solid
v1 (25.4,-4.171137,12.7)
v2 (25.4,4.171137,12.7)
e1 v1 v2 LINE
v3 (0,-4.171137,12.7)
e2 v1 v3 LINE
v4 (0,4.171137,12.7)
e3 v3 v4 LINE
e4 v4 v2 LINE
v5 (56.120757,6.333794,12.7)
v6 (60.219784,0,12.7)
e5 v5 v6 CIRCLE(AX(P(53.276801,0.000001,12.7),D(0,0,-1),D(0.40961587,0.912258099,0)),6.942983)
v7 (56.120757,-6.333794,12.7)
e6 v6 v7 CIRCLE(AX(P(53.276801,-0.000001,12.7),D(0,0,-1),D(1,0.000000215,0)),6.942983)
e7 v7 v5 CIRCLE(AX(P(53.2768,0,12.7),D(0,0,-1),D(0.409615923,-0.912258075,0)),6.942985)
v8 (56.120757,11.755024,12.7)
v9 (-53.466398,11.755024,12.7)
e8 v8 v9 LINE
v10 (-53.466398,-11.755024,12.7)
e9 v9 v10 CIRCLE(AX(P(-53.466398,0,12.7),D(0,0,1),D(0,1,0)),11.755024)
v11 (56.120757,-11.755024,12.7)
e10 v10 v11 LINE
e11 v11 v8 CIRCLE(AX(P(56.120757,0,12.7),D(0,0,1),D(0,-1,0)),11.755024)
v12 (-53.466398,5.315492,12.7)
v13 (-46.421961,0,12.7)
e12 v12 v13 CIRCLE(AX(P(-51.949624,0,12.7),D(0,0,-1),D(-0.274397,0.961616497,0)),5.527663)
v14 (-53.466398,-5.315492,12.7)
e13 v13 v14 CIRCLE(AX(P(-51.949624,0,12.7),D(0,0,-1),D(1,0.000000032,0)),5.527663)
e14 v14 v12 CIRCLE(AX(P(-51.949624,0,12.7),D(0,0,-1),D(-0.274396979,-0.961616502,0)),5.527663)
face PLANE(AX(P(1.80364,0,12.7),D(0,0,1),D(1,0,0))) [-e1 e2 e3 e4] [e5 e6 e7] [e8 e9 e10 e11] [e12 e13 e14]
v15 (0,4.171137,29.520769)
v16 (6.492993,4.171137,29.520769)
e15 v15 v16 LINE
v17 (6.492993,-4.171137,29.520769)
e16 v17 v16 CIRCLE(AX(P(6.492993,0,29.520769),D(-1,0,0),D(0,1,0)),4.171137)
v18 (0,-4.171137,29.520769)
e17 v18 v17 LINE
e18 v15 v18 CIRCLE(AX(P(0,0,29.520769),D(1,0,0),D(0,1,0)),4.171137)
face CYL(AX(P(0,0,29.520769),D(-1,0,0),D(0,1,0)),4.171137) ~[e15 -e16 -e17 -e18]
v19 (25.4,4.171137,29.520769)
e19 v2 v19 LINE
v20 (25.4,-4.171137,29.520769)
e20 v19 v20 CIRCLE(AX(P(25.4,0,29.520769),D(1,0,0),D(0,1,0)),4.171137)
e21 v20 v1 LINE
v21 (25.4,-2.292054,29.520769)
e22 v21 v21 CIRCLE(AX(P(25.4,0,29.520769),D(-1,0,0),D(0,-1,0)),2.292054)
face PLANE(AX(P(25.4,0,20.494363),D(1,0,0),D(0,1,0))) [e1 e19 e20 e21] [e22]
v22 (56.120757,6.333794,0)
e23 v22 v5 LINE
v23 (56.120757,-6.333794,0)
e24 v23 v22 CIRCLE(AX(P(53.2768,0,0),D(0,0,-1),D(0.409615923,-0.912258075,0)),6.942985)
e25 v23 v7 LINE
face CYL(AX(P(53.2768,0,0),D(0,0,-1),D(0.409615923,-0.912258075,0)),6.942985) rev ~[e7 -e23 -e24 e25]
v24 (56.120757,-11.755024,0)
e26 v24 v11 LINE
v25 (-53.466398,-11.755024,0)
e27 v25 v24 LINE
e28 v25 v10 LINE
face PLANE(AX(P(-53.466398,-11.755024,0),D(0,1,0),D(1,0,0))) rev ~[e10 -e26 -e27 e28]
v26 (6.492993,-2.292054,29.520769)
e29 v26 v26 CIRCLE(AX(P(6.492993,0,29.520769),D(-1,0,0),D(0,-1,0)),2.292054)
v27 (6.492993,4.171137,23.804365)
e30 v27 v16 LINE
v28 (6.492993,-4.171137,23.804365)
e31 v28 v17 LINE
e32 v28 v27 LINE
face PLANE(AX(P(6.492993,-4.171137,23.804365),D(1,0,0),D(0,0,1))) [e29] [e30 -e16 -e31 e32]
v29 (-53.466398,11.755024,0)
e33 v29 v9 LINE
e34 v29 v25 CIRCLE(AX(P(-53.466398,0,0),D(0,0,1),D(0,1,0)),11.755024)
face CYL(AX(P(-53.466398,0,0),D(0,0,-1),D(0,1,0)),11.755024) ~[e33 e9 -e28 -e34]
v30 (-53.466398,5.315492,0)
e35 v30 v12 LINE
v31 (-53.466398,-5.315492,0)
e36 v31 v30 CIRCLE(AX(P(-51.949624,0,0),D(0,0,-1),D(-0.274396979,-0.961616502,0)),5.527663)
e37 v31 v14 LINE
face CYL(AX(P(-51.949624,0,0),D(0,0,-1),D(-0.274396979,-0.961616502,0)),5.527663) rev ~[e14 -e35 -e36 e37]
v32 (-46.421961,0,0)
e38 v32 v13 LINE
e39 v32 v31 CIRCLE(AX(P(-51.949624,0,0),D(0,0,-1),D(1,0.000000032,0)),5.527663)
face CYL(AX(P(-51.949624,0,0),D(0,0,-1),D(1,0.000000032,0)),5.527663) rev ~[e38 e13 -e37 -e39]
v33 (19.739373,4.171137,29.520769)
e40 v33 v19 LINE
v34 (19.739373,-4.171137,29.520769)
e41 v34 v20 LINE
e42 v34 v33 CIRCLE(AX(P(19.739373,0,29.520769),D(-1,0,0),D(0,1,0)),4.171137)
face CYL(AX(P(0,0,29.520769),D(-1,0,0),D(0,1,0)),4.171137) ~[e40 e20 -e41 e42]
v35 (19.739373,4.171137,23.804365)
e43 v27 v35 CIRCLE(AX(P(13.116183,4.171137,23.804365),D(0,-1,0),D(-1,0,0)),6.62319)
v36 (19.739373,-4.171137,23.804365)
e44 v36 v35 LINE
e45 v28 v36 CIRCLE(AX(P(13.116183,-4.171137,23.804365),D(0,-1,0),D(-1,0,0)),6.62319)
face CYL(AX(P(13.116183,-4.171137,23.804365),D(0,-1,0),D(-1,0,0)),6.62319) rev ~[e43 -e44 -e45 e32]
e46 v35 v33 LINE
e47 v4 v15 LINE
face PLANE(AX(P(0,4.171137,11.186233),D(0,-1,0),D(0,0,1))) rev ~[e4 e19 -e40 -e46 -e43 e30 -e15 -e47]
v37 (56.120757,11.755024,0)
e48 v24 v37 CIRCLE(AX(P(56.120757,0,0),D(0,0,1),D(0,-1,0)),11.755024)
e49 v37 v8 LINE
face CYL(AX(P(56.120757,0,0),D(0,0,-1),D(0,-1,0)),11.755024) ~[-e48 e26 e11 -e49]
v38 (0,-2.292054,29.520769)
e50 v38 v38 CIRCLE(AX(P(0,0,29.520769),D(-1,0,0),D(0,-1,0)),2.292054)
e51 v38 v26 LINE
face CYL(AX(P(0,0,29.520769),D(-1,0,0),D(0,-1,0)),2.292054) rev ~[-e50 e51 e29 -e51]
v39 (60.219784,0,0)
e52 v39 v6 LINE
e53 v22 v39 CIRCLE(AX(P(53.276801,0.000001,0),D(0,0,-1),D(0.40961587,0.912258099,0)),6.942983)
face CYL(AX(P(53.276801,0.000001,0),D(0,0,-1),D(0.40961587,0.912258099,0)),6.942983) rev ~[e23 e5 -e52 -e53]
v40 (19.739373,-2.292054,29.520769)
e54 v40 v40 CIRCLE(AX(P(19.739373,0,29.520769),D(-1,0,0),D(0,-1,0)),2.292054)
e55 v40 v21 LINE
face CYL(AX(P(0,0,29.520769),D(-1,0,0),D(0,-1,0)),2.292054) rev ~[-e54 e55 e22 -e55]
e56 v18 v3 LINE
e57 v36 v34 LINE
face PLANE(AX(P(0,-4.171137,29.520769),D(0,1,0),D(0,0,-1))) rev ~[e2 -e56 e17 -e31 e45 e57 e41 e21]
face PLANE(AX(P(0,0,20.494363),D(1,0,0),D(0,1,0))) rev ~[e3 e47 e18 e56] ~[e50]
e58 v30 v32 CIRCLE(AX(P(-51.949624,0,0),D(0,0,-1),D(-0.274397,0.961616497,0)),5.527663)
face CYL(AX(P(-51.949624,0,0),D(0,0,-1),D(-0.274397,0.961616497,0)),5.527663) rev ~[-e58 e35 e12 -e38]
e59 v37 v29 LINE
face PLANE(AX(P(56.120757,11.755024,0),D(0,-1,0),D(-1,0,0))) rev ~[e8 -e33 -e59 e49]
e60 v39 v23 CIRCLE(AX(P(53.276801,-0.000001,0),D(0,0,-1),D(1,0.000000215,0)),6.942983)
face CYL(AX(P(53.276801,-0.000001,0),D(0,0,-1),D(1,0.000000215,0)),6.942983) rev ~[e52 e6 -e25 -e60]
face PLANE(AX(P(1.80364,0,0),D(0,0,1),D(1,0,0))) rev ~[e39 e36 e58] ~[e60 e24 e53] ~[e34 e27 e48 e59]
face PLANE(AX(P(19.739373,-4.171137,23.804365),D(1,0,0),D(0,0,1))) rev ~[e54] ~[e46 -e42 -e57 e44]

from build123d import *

# Parameters (mm, degrees)
F1_DEPTH = 12.7
F3_DEPTH = 25.4
F4_W     = 13.24638
F4_H     = 9.920692
F5_DEPTH = 15.927161


with BuildPart() as f1:
    # F0 (on Top) → F1 (new body)
    with BuildSketch(Plane.XY):
        with BuildLine():
            Line((-53.466398, -11.755024), (56.120757, -11.755024))
            Line((56.120757, -11.755024), (56.120757, -6.333794))
            ThreePointArc((56.120757, -6.333794), (46.333815, 0), (56.120757, 6.333794))
            Line((56.120757, 6.333794), (56.120757, 11.755024))
            Line((56.120757, 11.755024), (-53.466398, 11.755024))
            Line((-53.466398, 11.755024), (-53.466398, 5.315492))
            ThreePointArc((-53.466398, 5.315492), (-48.620146, 4.412441), (-46.421961, 0))
            ThreePointArc((-46.421961, 0), (-48.620146, -4.412441), (-53.466398, -5.315492))
            Line((-53.466398, -5.315492), (-53.466398, -11.755024))
        make_face()
        with BuildLine():
            Line((56.120757, -6.333794), (56.120757, -11.755024))
            ThreePointArc((56.120757, -11.755024), (67.875781, 0), (56.120757, 11.755024))
            Line((56.120757, 11.755024), (56.120757, 6.333794))
            ThreePointArc((56.120757, 6.333794), (59.105633, 3.772233), (60.219784, 0))
            ThreePointArc((60.219784, 0), (59.105633, -3.772233), (56.120757, -6.333794))
        make_face()
        with BuildLine():
            ThreePointArc((-53.466398, 11.755024), (-65.221422, 0), (-53.466398, -11.755024))
            Line((-53.466398, -11.755024), (-53.466398, -5.315492))
            ThreePointArc((-53.466398, -5.315492), (-57.477287, 0), (-53.466398, 5.315492))
            Line((-53.466398, 5.315492), (-53.466398, 11.755024))
        make_face()
    extrude(amount=F1_DEPTH)

    # F2 (on Right) → F3 (join)
    with BuildSketch(Plane.YZ):
        with BuildLine():
            Line((-4.171137, 29.520769), (-4.171137, 11.186233))
            Line((-4.171137, 11.186233), (4.171137, 11.186233))
            Line((4.171137, 11.186233), (4.171137, 29.520769))
            ThreePointArc((4.171137, 29.520769), (0, 25.349631), (-4.171137, 29.520769))
        make_face()
        with BuildLine():
            ThreePointArc((4.171137, 29.520769), (0, 33.691906), (-4.171137, 29.520769))
            Line((-4.171137, 29.520769), (-2.292054, 29.520769))
            ThreePointArc((-2.292054, 29.520769), (0, 31.812823), (2.292054, 29.520769))
            Line((2.292054, 29.520769), (4.171137, 29.520769))
        make_face()
        with BuildLine():
            Line((-2.292054, 29.520769), (-4.171137, 29.520769))
            ThreePointArc((-4.171137, 29.520769), (0, 25.349631), (4.171137, 29.520769))
            Line((4.171137, 29.520769), (2.292054, 29.520769))
            ThreePointArc((2.292054, 29.520769), (0, 27.228715), (-2.292054, 29.520769))
        make_face()
    extrude(amount=F3_DEPTH)

    # F4 (on face) → F5 (cut, through all)
    with BuildSketch(Plane.XZ.offset(4.171137)):
        with Locations((13.116183, 28.764711)):
            Rectangle(F4_W, F4_H)
        with BuildLine():
            Line((19.739373, 23.804365), (6.492993, 23.804365))
            ThreePointArc((6.492993, 23.804365), (13.116183, 17.181175), (19.739373, 23.804365))
        make_face()
    extrude(amount=-F5_DEPTH, mode=Mode.SUBTRACT)


solid = f1.part
